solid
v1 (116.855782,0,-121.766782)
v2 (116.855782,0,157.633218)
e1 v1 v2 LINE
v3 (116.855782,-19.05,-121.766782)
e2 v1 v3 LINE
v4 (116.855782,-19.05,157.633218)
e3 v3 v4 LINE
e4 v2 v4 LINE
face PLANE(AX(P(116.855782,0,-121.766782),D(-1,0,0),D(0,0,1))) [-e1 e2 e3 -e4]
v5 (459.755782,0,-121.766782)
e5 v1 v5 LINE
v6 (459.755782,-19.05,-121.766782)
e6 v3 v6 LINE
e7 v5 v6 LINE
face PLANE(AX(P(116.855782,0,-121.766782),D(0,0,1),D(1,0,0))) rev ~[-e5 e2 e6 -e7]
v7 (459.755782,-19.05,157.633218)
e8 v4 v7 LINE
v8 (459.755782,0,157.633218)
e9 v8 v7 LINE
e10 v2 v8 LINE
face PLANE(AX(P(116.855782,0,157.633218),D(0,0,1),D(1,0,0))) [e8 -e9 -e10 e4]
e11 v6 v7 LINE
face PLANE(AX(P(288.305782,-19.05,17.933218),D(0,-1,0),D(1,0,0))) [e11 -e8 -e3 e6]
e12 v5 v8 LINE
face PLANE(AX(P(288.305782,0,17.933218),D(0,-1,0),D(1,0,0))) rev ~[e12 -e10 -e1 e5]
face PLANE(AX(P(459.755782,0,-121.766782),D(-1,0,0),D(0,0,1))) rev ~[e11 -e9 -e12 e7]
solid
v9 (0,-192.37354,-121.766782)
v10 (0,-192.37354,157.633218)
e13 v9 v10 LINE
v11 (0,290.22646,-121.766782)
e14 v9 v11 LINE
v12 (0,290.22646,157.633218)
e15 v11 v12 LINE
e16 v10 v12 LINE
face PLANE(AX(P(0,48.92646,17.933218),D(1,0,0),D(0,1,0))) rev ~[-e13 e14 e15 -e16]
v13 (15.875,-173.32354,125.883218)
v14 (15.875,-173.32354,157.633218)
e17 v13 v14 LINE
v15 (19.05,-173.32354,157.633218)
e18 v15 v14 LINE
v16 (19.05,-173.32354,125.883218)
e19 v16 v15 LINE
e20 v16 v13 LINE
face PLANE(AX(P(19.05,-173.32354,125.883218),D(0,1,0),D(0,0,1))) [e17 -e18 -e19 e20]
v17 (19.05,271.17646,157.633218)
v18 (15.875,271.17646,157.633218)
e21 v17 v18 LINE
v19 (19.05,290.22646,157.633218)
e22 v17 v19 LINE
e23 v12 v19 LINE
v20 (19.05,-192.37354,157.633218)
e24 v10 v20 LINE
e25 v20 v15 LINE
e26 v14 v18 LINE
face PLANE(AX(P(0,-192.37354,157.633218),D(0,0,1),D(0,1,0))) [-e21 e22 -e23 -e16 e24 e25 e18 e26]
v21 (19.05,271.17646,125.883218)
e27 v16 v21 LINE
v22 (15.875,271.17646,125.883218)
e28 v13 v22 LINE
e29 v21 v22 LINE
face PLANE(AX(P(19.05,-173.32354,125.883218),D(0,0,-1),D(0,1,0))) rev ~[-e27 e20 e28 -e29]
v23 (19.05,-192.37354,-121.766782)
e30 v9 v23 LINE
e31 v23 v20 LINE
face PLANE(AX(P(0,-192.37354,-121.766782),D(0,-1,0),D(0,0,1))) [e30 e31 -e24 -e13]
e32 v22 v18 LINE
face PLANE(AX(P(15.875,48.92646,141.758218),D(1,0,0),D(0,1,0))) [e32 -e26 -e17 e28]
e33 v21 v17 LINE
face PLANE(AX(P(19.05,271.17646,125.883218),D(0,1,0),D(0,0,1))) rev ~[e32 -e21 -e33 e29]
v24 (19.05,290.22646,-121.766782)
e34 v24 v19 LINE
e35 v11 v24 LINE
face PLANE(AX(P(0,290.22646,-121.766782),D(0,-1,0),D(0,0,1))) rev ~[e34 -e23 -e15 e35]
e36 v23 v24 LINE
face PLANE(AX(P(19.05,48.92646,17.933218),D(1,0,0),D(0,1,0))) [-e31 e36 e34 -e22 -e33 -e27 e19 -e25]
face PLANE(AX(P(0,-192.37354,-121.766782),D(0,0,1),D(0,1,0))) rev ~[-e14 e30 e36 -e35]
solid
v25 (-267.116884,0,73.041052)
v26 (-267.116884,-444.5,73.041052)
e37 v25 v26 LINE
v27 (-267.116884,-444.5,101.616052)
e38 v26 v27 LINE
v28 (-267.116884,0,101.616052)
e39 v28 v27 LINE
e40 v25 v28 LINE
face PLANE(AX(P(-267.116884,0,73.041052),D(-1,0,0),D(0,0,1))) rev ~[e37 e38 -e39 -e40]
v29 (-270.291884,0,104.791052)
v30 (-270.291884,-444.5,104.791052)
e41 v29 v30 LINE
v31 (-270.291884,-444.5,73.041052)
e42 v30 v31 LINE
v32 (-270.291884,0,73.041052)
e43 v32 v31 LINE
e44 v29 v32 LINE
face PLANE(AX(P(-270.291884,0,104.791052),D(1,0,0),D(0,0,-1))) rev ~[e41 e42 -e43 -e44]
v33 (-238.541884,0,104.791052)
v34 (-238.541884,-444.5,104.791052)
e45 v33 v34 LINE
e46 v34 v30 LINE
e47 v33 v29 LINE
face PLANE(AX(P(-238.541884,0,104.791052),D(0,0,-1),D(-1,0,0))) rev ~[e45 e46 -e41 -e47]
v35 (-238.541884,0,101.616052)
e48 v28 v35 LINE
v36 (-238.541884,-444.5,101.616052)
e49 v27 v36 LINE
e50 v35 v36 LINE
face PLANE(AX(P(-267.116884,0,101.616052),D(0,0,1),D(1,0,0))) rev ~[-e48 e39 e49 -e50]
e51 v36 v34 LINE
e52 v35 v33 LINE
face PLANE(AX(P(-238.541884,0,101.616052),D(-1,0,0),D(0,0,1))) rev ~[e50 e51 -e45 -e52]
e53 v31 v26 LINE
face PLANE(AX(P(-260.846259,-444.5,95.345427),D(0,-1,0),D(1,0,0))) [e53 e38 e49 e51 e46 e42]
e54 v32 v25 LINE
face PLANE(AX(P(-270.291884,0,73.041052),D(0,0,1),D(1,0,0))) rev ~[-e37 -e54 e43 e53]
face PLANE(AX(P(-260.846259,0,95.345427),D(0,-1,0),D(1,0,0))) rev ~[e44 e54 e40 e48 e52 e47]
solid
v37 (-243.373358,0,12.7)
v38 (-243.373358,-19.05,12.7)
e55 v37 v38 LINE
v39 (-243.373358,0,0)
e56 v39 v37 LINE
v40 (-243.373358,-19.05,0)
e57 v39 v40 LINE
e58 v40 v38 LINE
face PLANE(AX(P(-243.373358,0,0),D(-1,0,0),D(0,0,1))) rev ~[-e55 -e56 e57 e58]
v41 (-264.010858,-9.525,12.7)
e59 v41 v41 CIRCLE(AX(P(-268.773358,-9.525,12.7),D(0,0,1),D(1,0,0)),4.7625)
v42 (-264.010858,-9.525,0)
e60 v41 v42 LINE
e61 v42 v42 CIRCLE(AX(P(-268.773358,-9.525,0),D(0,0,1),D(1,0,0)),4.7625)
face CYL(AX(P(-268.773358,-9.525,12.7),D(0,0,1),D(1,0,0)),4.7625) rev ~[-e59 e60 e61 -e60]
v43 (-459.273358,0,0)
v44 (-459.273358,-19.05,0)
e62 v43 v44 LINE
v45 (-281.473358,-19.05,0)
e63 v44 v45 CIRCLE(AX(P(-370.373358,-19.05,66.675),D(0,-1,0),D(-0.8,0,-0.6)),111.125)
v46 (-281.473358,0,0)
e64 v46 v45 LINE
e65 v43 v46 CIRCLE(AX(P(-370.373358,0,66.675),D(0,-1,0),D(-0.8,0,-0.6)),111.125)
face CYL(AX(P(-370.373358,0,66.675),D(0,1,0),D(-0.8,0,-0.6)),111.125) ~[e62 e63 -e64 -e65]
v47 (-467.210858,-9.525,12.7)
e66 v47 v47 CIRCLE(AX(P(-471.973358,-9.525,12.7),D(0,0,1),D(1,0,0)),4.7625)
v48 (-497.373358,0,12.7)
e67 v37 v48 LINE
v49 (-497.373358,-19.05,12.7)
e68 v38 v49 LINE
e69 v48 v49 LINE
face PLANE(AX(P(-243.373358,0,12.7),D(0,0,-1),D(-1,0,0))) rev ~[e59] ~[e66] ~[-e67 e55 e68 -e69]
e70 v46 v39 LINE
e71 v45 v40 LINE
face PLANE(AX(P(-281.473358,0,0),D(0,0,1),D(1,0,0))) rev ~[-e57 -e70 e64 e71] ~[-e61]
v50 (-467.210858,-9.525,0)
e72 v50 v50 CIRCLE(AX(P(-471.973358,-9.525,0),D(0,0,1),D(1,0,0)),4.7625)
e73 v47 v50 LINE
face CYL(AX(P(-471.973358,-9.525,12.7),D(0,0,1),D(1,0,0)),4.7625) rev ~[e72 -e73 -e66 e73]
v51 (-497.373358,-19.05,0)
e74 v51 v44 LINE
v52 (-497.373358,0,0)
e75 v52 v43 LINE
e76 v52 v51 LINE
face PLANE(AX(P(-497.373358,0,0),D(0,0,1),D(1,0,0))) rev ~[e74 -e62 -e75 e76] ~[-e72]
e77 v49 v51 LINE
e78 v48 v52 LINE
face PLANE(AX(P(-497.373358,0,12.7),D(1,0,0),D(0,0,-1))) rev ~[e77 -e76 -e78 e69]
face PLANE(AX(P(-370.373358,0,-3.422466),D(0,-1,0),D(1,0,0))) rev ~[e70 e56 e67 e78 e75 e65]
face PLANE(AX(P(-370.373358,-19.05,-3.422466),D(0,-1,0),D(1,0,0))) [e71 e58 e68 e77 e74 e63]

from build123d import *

# Parameters (mm, degrees)
F0_W      = 482.6
F0_H      = 279.4
F1_DEPTH  = 19.05
F2_W      = 342.9
F2_H      = 279.4
F3_DEPTH  = 19.05
F5_DEPTH  = 444.5
F6_W      = 444.5
F6_H      = 31.75
F7_DEPTH  = 3.175
F9_DEPTH  = 19.05
F10_R     = 4.7625
F11_DEPTH = 134.467782


with BuildPart() as f1:
    # F0 (on Right) → F1 (new body)
    with BuildSketch(Plane.YZ):
        with Locations((48.92646, 17.933218)):
            Rectangle(F0_W, F0_H)
    extrude(amount=F1_DEPTH)

    # F6 (on face) → F7 (cut)
    with BuildSketch(Plane.YZ.offset(19.05)):
        with Locations((48.92646, 141.758218)):
            Rectangle(F6_W, F6_H)
    extrude(amount=-F7_DEPTH, mode=Mode.SUBTRACT)


with BuildPart() as f3:
    # F2 (on Front) → F3 (new body)
    with BuildSketch(Plane.XZ):
        with Locations((288.305782, 17.933218)):
            Rectangle(F2_W, F2_H)
    extrude(amount=F3_DEPTH)


with BuildPart() as f5:
    # F4 (on Front) → F5 (new body)
    with BuildSketch(Plane.XZ):
        Polygon((-270.291884, 73.041052), (-267.116884, 73.041052), (-267.116884, 101.616052), (-238.541884, 101.616052), (-238.541884, 104.791052), (-270.291884, 104.791052), align=None)
    extrude(amount=F5_DEPTH)


with BuildPart() as f9:
    # F8 (on Front) → F9 (new body)
    with BuildSketch(Plane.XZ):
        with BuildLine():
            Line((-243.373358, 12.7), (-497.373358, 12.7))
            Line((-497.373358, 12.7), (-497.373358, 0))
            Line((-497.373358, 0), (-459.273358, 0))
            ThreePointArc((-459.273358, 0), (-370.373358, -44.45), (-281.473358, 0))
            Line((-281.473358, 0), (-243.373358, 0))
            Line((-243.373358, 0), (-243.373358, 12.7))
        make_face()
    extrude(amount=F9_DEPTH)

    # F10 (on face) → F11 (cut, through all)
    with BuildSketch(Plane.XY.offset(12.7)):
        with Locations((-471.973358, -9.525)):
            Circle(F10_R)
        with Locations((-268.773358, -9.525)):
            Circle(F10_R)
    extrude(amount=-F11_DEPTH, mode=Mode.SUBTRACT)


solid = Compound([f1.part, f3.part, f5.part, f9.part])
